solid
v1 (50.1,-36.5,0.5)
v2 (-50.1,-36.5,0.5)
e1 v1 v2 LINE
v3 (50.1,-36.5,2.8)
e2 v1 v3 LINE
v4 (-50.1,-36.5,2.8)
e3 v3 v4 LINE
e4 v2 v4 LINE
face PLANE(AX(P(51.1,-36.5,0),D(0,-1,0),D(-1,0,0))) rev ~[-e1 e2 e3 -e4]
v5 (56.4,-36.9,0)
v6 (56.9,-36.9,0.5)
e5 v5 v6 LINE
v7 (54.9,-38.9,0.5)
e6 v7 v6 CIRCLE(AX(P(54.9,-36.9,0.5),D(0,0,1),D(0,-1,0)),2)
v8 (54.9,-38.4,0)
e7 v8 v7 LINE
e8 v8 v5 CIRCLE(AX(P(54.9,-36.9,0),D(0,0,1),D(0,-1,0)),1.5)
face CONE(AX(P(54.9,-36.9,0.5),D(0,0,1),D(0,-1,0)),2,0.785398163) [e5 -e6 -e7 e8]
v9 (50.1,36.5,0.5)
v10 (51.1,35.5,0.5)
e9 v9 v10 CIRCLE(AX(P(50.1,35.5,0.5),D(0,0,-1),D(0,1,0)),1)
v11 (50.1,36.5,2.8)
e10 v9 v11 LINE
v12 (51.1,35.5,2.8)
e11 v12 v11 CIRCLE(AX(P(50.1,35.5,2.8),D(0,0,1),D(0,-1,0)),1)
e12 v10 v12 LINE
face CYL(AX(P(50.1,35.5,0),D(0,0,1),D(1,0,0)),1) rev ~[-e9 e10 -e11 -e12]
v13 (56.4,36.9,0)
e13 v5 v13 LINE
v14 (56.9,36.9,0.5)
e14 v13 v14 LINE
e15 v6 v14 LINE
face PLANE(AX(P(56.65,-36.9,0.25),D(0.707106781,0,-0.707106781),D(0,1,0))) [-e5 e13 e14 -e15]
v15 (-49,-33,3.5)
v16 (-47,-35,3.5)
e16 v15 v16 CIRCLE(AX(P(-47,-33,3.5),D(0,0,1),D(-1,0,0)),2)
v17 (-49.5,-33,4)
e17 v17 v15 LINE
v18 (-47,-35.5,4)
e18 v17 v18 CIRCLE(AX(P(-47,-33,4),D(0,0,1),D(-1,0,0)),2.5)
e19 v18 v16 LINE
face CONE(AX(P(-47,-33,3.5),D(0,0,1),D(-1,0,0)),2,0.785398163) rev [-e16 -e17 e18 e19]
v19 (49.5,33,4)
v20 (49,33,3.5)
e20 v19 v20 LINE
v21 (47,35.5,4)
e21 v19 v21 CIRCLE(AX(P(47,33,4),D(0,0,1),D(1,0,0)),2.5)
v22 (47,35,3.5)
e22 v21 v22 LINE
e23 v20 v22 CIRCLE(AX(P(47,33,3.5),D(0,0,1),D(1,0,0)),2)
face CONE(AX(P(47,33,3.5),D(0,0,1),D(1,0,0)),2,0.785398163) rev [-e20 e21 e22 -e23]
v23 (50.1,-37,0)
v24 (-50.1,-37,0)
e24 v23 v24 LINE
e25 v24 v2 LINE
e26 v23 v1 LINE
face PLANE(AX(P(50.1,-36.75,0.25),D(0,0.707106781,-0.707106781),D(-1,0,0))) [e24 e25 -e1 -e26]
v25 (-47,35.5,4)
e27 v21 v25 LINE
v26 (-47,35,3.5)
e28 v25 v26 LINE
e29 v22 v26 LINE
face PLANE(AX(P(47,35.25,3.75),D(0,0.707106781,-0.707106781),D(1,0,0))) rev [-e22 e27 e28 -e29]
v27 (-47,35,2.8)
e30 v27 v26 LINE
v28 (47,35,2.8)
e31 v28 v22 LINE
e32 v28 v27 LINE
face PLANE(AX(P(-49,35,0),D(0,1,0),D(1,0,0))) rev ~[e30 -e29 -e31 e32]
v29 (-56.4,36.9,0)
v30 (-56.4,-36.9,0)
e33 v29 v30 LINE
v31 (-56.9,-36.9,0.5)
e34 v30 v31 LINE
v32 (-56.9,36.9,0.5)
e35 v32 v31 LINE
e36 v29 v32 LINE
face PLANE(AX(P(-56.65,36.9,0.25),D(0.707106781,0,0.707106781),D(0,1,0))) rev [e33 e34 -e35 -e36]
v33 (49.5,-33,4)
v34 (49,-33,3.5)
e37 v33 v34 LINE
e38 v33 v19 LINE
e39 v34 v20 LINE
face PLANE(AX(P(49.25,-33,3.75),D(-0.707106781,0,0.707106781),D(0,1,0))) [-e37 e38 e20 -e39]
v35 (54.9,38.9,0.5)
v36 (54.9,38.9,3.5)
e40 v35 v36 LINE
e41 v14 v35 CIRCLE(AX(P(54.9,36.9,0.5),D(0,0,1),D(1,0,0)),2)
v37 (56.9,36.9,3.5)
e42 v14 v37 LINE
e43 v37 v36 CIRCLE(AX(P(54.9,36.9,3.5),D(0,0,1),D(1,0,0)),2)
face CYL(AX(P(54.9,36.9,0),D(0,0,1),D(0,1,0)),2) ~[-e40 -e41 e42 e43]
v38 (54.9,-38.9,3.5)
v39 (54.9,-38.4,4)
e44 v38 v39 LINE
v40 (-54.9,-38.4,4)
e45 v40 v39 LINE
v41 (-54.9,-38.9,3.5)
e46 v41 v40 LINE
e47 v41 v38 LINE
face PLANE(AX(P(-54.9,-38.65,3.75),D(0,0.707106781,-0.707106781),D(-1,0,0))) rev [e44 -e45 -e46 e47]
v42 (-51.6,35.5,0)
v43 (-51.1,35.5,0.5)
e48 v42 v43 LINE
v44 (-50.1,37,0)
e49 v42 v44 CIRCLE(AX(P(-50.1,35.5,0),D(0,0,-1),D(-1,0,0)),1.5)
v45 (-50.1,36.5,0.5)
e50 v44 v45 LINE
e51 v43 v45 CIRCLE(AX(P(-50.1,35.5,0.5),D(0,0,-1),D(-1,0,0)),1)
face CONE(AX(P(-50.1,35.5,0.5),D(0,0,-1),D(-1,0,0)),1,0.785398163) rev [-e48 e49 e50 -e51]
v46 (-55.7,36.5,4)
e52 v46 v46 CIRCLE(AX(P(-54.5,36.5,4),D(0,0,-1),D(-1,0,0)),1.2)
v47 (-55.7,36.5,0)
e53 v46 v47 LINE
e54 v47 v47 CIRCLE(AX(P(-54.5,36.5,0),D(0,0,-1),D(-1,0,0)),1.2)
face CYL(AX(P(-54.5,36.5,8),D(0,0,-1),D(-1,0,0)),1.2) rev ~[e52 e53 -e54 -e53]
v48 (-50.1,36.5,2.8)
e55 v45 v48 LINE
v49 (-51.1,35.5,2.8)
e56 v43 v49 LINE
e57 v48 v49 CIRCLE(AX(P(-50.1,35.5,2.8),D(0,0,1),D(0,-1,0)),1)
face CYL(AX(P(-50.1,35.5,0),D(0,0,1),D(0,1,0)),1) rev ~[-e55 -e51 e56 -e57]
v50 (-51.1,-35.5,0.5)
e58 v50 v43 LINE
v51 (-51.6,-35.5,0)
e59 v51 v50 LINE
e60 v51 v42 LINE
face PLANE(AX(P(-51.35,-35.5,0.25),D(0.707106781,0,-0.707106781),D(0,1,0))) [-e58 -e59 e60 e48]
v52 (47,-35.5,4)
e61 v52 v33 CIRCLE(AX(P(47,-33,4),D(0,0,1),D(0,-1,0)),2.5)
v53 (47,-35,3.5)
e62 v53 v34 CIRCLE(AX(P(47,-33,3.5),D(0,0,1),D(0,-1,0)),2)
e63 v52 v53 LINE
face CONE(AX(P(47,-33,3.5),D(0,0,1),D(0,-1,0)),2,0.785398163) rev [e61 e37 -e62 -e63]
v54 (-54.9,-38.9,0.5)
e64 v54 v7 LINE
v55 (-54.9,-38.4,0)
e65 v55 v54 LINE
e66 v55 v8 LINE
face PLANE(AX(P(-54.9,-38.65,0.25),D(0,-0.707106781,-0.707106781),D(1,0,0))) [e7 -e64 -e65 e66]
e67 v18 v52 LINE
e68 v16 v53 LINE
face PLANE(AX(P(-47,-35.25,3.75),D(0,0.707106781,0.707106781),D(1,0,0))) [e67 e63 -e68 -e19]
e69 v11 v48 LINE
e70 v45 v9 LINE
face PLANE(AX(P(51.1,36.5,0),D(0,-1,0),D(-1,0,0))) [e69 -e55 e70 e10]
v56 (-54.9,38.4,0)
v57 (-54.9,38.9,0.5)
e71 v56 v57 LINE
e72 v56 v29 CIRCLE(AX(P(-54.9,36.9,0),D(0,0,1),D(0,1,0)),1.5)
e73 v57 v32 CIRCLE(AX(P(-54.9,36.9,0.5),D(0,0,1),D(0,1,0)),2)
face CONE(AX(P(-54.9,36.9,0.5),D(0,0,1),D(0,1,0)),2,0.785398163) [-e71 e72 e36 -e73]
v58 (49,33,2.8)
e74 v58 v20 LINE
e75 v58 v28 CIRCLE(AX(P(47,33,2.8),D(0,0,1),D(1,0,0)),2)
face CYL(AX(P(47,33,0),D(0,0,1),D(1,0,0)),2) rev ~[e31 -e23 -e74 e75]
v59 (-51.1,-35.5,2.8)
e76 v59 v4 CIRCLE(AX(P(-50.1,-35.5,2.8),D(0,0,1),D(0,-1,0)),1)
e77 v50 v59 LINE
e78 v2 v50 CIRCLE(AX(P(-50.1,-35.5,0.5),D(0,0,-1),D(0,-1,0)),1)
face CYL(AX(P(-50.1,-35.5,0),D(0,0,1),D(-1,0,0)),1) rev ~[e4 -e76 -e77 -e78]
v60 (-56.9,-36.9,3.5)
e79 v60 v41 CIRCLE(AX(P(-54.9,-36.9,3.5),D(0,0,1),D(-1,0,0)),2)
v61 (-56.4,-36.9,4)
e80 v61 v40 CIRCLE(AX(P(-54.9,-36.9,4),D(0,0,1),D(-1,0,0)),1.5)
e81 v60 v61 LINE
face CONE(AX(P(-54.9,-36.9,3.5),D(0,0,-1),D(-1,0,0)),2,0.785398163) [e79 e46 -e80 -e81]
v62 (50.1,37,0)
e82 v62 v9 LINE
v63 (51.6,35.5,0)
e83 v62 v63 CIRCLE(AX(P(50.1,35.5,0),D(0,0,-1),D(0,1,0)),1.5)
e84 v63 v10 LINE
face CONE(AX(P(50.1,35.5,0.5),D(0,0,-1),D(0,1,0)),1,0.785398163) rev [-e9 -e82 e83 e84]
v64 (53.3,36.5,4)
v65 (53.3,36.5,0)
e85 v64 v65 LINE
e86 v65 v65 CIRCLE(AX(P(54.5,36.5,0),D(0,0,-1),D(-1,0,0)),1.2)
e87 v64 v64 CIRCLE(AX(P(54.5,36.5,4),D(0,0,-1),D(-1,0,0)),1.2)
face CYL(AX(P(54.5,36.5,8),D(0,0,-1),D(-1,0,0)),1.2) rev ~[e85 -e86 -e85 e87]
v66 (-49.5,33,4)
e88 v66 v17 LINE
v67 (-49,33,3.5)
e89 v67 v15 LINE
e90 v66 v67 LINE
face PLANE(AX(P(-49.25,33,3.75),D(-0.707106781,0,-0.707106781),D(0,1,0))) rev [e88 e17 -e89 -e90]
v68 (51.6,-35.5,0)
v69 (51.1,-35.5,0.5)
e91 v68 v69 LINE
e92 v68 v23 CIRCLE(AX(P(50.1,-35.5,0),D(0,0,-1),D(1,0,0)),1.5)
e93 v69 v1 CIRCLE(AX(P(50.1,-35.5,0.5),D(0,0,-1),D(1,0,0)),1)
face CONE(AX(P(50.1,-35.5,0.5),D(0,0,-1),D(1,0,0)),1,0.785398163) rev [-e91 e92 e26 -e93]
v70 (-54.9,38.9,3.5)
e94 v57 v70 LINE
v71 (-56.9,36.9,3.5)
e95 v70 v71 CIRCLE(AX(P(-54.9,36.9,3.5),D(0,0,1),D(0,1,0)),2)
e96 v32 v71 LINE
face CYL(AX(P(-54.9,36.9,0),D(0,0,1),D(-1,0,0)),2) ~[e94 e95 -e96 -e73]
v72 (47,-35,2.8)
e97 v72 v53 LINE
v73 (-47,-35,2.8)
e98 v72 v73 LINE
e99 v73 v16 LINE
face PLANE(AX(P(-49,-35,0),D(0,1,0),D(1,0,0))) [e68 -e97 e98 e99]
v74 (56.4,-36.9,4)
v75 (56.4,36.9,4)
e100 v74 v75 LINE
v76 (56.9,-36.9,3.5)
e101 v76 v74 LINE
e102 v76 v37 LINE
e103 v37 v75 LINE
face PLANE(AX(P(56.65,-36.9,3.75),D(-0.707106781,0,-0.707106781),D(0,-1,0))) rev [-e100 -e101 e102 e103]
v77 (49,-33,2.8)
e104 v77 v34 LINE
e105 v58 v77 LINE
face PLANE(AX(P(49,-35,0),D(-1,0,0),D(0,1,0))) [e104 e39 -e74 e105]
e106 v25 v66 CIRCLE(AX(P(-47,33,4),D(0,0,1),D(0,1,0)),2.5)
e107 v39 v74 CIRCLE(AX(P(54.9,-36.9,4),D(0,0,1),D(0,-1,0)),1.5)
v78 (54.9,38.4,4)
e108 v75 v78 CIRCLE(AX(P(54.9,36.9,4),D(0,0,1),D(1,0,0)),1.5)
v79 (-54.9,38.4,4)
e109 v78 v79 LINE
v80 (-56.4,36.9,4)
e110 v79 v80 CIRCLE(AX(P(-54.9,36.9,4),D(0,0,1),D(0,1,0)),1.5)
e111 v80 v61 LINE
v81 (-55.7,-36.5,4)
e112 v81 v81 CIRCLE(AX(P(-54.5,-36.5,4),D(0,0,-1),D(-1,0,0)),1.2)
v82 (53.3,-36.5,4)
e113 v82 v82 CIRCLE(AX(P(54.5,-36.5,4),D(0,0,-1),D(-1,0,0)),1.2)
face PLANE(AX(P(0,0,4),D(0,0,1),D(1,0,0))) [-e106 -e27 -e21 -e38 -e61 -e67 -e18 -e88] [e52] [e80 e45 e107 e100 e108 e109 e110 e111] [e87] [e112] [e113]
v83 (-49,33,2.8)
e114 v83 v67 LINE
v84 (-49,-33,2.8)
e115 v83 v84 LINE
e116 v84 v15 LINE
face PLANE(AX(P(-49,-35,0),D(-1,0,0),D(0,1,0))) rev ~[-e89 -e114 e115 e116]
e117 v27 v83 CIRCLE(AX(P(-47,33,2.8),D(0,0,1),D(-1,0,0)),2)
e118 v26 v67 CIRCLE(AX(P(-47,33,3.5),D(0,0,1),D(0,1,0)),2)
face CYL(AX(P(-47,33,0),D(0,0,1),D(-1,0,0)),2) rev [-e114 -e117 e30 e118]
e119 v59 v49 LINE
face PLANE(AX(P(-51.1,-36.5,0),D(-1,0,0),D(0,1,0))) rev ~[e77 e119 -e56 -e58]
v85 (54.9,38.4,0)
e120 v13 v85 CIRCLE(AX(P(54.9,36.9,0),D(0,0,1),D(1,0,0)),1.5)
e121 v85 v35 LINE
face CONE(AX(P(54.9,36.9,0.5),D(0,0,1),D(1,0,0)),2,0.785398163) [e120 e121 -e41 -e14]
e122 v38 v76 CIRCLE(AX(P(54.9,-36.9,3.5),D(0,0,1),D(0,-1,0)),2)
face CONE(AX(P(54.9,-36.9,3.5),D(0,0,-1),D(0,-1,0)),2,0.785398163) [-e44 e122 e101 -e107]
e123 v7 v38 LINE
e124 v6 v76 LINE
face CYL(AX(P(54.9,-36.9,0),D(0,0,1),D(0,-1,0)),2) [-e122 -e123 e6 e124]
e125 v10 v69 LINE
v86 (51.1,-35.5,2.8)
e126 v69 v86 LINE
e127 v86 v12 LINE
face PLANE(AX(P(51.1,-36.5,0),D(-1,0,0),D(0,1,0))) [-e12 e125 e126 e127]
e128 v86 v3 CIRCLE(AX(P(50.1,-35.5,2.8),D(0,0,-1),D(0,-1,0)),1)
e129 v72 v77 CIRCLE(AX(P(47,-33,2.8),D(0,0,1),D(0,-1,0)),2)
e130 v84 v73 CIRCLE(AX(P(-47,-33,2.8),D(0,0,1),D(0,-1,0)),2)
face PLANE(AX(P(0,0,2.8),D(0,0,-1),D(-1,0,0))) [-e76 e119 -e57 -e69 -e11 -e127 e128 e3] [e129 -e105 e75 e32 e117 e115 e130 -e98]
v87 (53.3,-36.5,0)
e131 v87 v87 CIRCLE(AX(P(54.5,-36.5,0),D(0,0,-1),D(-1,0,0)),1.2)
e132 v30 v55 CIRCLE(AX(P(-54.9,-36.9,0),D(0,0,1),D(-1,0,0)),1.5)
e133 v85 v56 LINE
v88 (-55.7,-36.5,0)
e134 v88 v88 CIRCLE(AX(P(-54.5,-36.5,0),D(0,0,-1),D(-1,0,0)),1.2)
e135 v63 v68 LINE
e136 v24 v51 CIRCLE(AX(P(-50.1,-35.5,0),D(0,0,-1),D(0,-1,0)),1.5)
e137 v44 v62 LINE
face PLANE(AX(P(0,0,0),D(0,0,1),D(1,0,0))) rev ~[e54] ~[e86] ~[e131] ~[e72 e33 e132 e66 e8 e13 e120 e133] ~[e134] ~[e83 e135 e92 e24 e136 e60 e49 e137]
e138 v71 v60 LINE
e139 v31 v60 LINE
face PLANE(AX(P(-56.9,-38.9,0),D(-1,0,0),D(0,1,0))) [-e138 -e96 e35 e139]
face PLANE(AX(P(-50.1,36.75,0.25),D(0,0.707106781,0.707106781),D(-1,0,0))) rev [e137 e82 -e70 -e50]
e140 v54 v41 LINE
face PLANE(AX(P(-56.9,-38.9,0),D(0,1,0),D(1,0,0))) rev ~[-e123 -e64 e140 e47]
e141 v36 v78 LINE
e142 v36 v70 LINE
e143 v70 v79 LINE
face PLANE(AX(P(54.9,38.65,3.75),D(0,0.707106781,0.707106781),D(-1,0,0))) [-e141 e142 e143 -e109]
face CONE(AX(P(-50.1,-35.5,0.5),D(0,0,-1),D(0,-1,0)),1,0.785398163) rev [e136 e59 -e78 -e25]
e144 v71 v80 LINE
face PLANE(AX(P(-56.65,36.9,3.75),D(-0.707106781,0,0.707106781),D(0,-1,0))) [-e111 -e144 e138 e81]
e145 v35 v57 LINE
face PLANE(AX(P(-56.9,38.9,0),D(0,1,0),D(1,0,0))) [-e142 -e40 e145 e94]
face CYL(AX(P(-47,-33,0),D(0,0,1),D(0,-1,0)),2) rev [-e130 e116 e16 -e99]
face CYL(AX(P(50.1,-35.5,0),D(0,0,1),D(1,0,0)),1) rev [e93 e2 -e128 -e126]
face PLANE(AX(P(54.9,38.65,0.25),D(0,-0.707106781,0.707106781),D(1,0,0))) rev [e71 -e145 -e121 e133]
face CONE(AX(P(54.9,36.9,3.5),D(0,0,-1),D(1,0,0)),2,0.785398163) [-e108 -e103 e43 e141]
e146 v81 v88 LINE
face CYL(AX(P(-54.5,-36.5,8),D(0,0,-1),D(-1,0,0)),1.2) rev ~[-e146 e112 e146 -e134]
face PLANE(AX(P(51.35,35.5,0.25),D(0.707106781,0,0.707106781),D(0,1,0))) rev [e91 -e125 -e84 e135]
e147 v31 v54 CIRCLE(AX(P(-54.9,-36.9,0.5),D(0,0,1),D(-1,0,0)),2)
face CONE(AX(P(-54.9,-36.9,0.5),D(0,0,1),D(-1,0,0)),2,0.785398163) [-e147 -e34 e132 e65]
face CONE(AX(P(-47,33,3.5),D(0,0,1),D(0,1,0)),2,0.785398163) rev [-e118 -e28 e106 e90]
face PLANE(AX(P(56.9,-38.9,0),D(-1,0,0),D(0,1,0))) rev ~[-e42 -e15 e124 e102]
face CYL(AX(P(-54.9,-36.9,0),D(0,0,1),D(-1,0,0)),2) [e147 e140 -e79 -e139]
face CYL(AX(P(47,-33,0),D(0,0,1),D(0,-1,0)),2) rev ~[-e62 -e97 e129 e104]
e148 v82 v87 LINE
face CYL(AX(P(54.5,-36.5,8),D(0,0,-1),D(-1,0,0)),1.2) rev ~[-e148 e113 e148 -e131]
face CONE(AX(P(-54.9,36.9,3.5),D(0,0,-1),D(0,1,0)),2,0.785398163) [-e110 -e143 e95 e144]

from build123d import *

# Parameters (mm, degrees)
SKETCH1_W                = 113.8
SKETCH1_H                = 77.8
SKETCH1_W_2              = 98
SKETCH1_H_2              = 70
BOSS_EXTRUDE1_DEPTH      = 4
M2_CLEARANCE_HOLE1_D     = 2.4
M2_CLEARANCE_HOLE1_DEPTH = 4
FILLET1_R                = 2
FILLET2_R                = 2
SKETCH5_W                = 102.2
SKETCH5_H                = 73
CUT_EXTRUDE2_DEPTH       = 2.8
FILLET5_R                = 1
CHAMFER1_SIZE            = 0.5


with BuildPart() as part:
    # Sketch1 → Boss-Extrude1 (new body)
    with BuildSketch(Plane.XY):
        Rectangle(SKETCH1_W, SKETCH1_H)
        Rectangle(SKETCH1_W_2, SKETCH1_H_2, mode=Mode.SUBTRACT)
    extrude(amount=BOSS_EXTRUDE1_DEPTH)

    # M2 Clearance Hole1
    with Locations(Plane.XY.offset(4)):
        with Locations((0, 0), (54.5, 36.5), (-54.5, -36.5), (-54.5, 36.5), (54.5, -36.5)):
            Hole(M2_CLEARANCE_HOLE1_D / 2, depth=M2_CLEARANCE_HOLE1_DEPTH)

    # Fillet1
    fillet1_edges = [part.edges().sort_by_distance(p)[0] for p in [
        (56.9, -38.9, 2),
        (-56.9, -38.9, 2),
        (-56.9, 38.9, 2),
        (56.9, 38.9, 2),
    ]]
    fillet(fillet1_edges, radius=FILLET1_R)

    # Fillet2
    fillet2_edges = [part.edges().sort_by_distance(p)[0] for p in [
        (49, -35, 2),
        (49, 35, 2),
        (-49, 35, 2),
        (-49, -35, 2),
    ]]
    fillet(fillet2_edges, radius=FILLET2_R)

    # Sketch5 → Cut-Extrude2 (cut)
    with BuildSketch(Plane(origin=(0, 0, 0), x_dir=(-1, 0, 0), z_dir=(0, 0, -1))):
        Rectangle(SKETCH5_W, SKETCH5_H)
    extrude(amount=-CUT_EXTRUDE2_DEPTH, mode=Mode.SUBTRACT)

    # Fillet5
    fillet5_edges = [part.edges().sort_by_distance(p)[0] for p in [
        (-51.1, 36.5, 1.4),
        (-51.1, -36.5, 1.4),
        (51.1, -36.5, 1.4),
        (51.1, 36.5, 1.4),
    ]]
    fillet(fillet5_edges, radius=FILLET5_R)

    # Chamfer1
    chamfer1_edges = [part.edges().sort_by_distance(p)[0] for p in [
        (0, -36.5, 0),
        (51.1, 0, 0),
        (0, 36.5, 0),
        (-51.1, 0, 0),
        (50.807106781, -36.207106781, 0),
        (-50.807106781, 36.207106781, 0),
        (-50.807106781, -36.207106781, 0),
        (50.807106781, 36.207106781, 0),
        (56.9, 0, 0),
        (56.9, 0, 4),
        (0, -38.9, 0),
        (-56.9, 0, 0),
        (0, 38.9, 0),
        (-56.314213562, 38.314213562, 0),
        (56.314213562, 38.314213562, 0),
        (-56.314213562, -38.314213562, 0),
        (56.314213562, -38.314213562, 0),
        (0, -38.9, 4),
        (0, 38.9, 4),
        (-56.9, 0, 4),
        (-56.314213562, 38.314213562, 4),
        (56.314213562, 38.314213562, 4),
        (-56.314213562, -38.314213562, 4),
        (56.314213562, -38.314213562, 4),
        (49, 0, 4),
        (0, 35, 4),
        (-49, 0, 4),
        (0, -35, 4),
        (48.414213562, 34.414213562, 4),
        (-48.414213562, -34.414213562, 4),
        (48.414213562, -34.414213562, 4),
        (-48.414213562, 34.414213562, 4),
    ]]
    chamfer(chamfer1_edges, length=CHAMFER1_SIZE)


solid = part.part
